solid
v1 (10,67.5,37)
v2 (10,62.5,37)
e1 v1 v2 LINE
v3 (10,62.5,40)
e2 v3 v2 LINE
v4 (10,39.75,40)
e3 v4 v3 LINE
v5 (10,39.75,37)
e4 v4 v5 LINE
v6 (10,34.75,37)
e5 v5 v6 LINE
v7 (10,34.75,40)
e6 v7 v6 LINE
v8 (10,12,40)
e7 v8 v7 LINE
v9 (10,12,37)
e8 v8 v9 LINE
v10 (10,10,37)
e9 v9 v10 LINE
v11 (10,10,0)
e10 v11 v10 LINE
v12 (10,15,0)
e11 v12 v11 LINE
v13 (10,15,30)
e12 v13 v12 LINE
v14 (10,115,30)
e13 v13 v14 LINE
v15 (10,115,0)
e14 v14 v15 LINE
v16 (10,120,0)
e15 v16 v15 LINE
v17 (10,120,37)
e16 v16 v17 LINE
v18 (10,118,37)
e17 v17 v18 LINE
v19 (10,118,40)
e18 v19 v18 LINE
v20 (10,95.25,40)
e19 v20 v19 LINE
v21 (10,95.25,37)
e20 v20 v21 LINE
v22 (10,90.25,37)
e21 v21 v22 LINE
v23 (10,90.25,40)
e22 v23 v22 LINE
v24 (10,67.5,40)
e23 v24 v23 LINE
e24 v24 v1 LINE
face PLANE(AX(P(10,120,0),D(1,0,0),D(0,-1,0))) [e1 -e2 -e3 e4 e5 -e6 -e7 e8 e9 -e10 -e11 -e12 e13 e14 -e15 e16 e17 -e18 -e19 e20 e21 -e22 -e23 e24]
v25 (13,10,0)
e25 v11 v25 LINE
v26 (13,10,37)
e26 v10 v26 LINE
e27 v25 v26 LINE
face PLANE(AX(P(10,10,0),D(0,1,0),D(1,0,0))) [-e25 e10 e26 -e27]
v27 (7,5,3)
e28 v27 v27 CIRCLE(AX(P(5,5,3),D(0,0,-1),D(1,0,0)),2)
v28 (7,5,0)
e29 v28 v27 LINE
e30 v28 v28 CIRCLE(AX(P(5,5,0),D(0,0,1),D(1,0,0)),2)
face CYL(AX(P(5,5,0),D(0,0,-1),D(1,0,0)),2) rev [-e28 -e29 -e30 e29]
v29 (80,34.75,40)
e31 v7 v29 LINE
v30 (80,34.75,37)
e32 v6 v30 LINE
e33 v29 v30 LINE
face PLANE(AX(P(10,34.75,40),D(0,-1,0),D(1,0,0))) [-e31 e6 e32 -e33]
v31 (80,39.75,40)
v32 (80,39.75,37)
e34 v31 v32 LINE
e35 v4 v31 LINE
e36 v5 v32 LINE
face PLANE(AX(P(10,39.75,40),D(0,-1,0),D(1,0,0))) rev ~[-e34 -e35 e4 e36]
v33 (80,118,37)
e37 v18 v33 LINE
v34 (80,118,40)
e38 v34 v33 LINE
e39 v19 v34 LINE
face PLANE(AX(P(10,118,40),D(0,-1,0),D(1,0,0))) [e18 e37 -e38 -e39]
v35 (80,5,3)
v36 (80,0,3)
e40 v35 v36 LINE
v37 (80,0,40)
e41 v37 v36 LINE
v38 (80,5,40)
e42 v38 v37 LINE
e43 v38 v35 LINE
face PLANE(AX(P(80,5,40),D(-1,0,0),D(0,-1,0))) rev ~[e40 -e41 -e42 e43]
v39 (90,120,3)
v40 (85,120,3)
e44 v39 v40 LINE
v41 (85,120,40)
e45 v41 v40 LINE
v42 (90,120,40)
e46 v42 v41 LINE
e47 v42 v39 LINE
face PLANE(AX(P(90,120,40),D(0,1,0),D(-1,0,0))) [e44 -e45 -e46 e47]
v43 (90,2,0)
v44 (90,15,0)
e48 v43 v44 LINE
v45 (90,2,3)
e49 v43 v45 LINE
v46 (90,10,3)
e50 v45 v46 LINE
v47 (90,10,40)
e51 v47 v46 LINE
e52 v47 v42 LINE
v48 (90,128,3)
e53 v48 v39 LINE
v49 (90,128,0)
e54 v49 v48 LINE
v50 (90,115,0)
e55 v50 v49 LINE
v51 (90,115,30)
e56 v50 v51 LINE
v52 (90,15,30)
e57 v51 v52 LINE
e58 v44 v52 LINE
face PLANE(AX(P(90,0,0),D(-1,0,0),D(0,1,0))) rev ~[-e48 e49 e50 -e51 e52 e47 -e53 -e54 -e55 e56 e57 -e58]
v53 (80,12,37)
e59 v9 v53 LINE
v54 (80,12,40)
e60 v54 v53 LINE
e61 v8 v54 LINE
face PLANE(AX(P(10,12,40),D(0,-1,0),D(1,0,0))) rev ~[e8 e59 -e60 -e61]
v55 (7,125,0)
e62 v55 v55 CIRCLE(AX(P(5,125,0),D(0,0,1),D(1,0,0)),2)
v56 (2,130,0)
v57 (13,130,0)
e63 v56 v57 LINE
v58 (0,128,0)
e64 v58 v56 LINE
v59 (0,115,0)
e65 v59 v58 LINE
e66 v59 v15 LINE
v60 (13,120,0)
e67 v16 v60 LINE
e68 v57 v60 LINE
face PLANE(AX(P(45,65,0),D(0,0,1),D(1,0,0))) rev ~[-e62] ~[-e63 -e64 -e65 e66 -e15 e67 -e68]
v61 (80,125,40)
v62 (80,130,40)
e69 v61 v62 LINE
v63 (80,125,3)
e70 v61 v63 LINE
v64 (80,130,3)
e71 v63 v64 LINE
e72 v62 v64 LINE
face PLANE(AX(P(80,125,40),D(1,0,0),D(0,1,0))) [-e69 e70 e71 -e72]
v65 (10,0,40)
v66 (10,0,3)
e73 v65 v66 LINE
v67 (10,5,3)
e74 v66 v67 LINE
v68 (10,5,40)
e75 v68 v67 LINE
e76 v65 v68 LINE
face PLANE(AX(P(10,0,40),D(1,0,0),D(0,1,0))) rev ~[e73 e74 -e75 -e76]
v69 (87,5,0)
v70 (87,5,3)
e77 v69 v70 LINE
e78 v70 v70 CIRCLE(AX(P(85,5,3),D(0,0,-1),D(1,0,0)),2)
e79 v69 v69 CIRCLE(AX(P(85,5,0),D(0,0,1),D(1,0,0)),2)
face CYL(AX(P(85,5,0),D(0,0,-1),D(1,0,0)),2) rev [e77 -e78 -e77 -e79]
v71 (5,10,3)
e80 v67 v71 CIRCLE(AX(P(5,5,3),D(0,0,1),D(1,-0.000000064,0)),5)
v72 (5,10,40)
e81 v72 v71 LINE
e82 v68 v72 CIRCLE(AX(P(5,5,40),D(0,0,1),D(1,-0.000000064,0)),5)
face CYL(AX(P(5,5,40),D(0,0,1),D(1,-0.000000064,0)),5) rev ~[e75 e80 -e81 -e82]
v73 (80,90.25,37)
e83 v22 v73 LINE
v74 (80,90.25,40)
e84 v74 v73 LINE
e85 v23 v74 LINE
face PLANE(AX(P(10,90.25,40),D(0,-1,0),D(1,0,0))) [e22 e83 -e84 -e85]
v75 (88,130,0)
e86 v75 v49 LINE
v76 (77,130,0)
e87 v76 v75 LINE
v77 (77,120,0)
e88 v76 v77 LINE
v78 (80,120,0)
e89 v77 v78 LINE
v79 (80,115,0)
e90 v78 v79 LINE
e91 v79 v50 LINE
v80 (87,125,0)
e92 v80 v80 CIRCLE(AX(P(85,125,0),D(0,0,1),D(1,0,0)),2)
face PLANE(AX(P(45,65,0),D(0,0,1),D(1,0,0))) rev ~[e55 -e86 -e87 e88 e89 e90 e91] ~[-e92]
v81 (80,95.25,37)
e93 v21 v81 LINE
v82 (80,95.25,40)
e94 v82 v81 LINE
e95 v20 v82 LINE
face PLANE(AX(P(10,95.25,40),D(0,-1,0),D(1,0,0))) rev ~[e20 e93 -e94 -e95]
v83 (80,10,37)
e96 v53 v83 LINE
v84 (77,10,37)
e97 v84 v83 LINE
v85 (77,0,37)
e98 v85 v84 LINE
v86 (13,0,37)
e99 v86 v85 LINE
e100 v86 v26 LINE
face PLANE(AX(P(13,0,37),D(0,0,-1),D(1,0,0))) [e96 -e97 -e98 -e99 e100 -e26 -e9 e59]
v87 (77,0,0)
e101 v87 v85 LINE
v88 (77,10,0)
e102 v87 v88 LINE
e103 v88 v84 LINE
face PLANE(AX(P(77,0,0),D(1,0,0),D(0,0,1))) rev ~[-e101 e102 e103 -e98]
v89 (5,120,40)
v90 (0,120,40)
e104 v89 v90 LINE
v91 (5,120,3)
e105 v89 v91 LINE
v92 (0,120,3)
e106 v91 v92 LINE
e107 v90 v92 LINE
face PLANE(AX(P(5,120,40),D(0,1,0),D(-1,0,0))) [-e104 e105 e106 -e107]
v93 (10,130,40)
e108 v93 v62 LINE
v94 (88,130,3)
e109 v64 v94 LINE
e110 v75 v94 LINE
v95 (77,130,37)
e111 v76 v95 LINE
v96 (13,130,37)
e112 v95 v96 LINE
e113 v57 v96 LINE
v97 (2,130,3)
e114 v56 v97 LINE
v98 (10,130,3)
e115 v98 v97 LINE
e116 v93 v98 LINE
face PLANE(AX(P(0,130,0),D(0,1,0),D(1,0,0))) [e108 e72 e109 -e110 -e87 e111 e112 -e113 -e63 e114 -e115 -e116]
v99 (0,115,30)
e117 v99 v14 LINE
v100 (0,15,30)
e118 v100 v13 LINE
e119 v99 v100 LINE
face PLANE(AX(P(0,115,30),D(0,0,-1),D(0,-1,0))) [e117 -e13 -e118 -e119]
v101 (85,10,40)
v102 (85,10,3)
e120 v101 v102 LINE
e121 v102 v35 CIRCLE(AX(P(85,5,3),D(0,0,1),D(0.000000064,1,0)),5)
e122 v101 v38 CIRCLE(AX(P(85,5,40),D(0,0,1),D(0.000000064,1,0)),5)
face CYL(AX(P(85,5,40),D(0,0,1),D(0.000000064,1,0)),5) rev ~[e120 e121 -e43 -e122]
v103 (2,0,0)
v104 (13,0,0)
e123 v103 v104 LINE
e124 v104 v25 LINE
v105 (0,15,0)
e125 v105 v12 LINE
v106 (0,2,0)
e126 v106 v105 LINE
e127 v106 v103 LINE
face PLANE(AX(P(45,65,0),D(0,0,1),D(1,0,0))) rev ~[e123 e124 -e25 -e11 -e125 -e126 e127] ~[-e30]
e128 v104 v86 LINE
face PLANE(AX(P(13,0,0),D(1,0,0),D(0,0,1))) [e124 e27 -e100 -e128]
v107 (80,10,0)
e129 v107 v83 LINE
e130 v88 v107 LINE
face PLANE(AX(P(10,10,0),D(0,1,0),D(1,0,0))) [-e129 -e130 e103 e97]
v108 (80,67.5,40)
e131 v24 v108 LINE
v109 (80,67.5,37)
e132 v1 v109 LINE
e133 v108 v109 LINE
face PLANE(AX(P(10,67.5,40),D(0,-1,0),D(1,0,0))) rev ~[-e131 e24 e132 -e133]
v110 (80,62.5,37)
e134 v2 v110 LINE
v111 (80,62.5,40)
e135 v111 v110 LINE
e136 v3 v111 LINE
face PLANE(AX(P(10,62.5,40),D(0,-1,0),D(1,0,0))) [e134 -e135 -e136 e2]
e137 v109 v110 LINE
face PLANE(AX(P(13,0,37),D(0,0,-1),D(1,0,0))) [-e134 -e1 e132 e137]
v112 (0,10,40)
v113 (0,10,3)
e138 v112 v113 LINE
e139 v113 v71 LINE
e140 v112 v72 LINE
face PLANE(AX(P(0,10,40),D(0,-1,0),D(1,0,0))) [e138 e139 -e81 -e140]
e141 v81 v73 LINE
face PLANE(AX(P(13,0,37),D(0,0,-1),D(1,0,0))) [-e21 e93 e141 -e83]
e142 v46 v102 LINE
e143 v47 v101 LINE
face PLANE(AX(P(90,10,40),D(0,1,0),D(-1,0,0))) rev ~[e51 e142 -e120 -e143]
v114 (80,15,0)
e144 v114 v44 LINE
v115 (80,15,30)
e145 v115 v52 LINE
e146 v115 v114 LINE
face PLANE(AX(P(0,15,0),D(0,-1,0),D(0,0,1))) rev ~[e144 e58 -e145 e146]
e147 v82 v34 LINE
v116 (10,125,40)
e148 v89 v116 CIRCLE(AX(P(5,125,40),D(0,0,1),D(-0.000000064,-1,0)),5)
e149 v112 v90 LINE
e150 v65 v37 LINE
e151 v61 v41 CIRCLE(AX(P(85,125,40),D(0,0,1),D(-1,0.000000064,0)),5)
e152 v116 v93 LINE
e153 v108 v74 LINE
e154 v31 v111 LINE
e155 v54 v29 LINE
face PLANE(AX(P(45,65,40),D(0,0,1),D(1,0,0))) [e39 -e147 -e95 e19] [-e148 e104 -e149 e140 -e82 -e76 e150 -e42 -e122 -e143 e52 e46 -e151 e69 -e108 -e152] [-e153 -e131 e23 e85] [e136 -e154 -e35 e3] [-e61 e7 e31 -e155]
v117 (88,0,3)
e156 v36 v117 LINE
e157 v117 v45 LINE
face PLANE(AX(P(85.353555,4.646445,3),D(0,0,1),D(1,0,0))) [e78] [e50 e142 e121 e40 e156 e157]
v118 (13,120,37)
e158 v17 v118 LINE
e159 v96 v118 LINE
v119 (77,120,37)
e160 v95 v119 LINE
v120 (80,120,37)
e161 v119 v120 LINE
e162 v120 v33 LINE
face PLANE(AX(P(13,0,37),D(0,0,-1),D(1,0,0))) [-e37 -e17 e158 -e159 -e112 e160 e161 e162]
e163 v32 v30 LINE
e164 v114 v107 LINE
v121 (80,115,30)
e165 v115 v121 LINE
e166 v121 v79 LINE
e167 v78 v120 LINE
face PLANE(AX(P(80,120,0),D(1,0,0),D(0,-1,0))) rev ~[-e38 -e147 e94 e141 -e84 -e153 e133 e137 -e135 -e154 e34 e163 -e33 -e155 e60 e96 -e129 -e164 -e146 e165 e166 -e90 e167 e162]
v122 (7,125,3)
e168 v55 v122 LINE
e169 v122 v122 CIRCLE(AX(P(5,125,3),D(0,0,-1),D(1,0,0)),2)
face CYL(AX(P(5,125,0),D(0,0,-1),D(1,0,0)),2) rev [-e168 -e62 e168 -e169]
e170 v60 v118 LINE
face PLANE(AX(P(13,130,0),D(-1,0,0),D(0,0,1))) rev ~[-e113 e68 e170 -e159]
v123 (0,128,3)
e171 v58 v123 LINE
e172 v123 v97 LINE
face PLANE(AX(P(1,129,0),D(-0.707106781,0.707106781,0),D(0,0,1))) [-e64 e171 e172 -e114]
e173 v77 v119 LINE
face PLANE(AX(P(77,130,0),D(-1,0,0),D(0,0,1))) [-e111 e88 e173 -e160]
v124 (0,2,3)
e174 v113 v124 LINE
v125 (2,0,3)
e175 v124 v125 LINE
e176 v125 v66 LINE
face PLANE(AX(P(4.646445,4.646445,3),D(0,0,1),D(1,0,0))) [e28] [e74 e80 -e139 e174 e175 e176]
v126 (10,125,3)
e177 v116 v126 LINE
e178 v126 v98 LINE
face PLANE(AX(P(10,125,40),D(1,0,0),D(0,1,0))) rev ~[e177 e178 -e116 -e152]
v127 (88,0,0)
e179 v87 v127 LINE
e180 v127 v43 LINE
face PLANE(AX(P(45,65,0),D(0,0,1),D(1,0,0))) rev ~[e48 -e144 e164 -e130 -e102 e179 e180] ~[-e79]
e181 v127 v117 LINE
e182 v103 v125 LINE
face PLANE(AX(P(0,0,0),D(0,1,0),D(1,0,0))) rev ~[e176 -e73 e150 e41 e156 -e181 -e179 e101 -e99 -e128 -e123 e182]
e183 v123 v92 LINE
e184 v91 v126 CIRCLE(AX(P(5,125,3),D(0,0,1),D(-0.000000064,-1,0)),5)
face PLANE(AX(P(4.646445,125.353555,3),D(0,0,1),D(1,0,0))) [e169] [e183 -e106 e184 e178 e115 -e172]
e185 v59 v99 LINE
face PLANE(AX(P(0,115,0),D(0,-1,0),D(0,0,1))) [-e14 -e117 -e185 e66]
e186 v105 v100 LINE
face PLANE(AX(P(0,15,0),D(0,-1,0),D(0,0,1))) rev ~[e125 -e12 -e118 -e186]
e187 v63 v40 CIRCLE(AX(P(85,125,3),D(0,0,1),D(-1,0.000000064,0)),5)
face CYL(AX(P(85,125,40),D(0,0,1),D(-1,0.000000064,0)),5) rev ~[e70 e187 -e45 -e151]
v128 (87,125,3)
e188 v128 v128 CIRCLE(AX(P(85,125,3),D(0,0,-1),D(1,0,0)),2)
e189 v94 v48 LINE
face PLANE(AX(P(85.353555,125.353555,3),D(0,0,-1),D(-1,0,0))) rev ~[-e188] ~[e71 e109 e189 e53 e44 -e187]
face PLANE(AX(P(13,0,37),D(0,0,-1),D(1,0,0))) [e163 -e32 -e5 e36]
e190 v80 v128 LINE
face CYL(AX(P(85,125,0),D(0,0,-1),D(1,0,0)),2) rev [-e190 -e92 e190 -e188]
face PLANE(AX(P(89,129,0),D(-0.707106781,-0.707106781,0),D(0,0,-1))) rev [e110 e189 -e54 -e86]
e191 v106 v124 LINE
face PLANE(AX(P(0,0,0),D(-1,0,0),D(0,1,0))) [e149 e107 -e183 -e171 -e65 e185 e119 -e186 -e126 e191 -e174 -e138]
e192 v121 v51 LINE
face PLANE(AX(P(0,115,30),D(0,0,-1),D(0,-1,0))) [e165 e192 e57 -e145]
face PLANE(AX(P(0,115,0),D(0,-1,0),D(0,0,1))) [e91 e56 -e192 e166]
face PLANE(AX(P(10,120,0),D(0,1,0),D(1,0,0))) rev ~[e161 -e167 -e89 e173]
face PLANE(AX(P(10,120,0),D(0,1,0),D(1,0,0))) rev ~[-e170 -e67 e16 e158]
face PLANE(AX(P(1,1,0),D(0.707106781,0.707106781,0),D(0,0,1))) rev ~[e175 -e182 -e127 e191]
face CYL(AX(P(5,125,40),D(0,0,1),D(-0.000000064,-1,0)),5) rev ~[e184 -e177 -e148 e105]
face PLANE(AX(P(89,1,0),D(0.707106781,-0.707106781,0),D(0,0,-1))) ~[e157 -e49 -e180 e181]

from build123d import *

# Parameters (mm, degrees)
SKETCH_W        = 90
SKETCH_H        = 130
SKETCH_R        = 2
PAD_DEPTH       = 40
POCKET_DEPTH    = 37
SKETCH002_W     = 70
SKETCH002_H     = 110
POCKET001_DEPTH = 37
SKETCH003_W     = 64
SKETCH003_H     = 37
POCKET002_DEPTH = 10
SKETCH004_W     = 70
SKETCH004_H     = 22.75
POCKET003_DEPTH = 3
CHAMFER_SIZE    = 2
SKETCH005_W     = 100
SKETCH005_H     = 30
POCKET004_DEPTH = 90.001
SKETCH006_W     = 64
SKETCH006_H     = 37
POCKET005_DEPTH = 10


with BuildPart() as part:
    # Sketch → Pad (new body)
    with BuildSketch(Plane.XY):
        with Locations((45, 65)):
            Rectangle(SKETCH_W, SKETCH_H)
        with Locations((5, 125)):
            Circle(SKETCH_R, mode=Mode.SUBTRACT)
        with Locations((85, 125)):
            Circle(SKETCH_R, mode=Mode.SUBTRACT)
        with Locations((85, 5)):
            Circle(SKETCH_R, mode=Mode.SUBTRACT)
        with Locations((5, 5)):
            Circle(SKETCH_R, mode=Mode.SUBTRACT)
    extrude(amount=PAD_DEPTH)

    # Sketch001 (on Face10 of Pad) → Pocket (cut)
    with BuildSketch(Plane.XY.offset(40)):
        with BuildLine():
            ThreePointArc((5, 120), (8.535534, 121.464466), (10, 125))
            Line((10, 125), (10, 130))
            Line((10, 130), (0, 130))
            Line((0, 130), (0, 120))
            Line((5, 120), (0, 120))
        make_face()
        with BuildLine():
            Line((80, 125), (80, 130))
            Line((80, 130), (90, 130))
            Line((90, 130), (90, 120))
            Line((90, 120), (85, 120))
            ThreePointArc((80, 125), (81.464466, 121.464466), (85, 120))
        make_face()
        with BuildLine():
            Line((80, 5), (80, 0))
            Line((80, 0), (90, 0))
            Line((90, 0), (90, 10))
            Line((90, 10), (85, 10))
            ThreePointArc((85, 10), (81.464466, 8.535534), (80, 5))
        make_face()
        with BuildLine():
            Line((0, 10), (0, 0))
            Line((0, 0), (10, 0))
            Line((10, 0), (10, 5))
            ThreePointArc((10, 5), (8.535534, 8.535534), (5, 10))
            Line((0, 10), (5, 10))
        make_face()
    extrude(amount=-POCKET_DEPTH, mode=Mode.SUBTRACT)

    # Sketch002 (on Face2 of Pocket) → Pocket001 (cut)
    with BuildSketch(Plane(origin=(0, 0, 0), x_dir=(1, 0, 0), z_dir=(0, 0, -1))):
        with Locations((45, -65)):
            Rectangle(SKETCH002_W, SKETCH002_H)
    extrude(amount=-POCKET001_DEPTH, mode=Mode.SUBTRACT)

    # Sketch003 (on Face1 of Pocket001) → Pocket002 (cut)
    with BuildSketch(Plane.XZ):
        with Locations((45, 18.5)):
            Rectangle(SKETCH003_W, SKETCH003_H)
    extrude(amount=-POCKET002_DEPTH, mode=Mode.SUBTRACT)

    # Sketch004 (on Face9 of Pocket002) → Pocket003 (cut)
    with BuildSketch(Plane.XY.offset(40)):
        with Locations((45, 106.625)):
            Rectangle(SKETCH004_W, SKETCH004_H)
        with Locations((45, 78.875)):
            Rectangle(SKETCH004_W, SKETCH004_H)
        with Locations((45, 23.375)):
            Rectangle(SKETCH004_W, SKETCH004_H)
        with Locations((45, 51.125)):
            Rectangle(SKETCH004_W, SKETCH004_H)
    extrude(amount=-POCKET003_DEPTH, mode=Mode.SUBTRACT)

    # Chamfer
    chamfer_edges = [part.edges().sort_by_distance(p)[0] for p in [
        (90, 0, 1.5),
        (90, 130, 1.5),
        (0, 0, 1.5),
        (0, 130, 1.5),
    ]]
    chamfer(chamfer_edges, length=CHAMFER_SIZE)

    # Sketch005 (on Face13 of Chamfer) → Pocket004 (cut, through all)
    with BuildSketch(Plane(origin=(0, 0, 0), x_dir=(0, -1, 0), z_dir=(-1, 0, 0))):
        with Locations((-65, 15)):
            Rectangle(SKETCH005_W, SKETCH005_H)
    extrude(amount=-POCKET004_DEPTH, mode=Mode.SUBTRACT)

    # Sketch006 (on Face31 of Pocket004) → Pocket005 (cut)
    with BuildSketch(Plane(origin=(0, 130, 0), x_dir=(-1, 0, 0), z_dir=(0, 1, 0))):
        with Locations((-45, 18.5)):
            Rectangle(SKETCH006_W, SKETCH006_H)
    extrude(amount=-POCKET005_DEPTH, mode=Mode.SUBTRACT)


solid = part.part
